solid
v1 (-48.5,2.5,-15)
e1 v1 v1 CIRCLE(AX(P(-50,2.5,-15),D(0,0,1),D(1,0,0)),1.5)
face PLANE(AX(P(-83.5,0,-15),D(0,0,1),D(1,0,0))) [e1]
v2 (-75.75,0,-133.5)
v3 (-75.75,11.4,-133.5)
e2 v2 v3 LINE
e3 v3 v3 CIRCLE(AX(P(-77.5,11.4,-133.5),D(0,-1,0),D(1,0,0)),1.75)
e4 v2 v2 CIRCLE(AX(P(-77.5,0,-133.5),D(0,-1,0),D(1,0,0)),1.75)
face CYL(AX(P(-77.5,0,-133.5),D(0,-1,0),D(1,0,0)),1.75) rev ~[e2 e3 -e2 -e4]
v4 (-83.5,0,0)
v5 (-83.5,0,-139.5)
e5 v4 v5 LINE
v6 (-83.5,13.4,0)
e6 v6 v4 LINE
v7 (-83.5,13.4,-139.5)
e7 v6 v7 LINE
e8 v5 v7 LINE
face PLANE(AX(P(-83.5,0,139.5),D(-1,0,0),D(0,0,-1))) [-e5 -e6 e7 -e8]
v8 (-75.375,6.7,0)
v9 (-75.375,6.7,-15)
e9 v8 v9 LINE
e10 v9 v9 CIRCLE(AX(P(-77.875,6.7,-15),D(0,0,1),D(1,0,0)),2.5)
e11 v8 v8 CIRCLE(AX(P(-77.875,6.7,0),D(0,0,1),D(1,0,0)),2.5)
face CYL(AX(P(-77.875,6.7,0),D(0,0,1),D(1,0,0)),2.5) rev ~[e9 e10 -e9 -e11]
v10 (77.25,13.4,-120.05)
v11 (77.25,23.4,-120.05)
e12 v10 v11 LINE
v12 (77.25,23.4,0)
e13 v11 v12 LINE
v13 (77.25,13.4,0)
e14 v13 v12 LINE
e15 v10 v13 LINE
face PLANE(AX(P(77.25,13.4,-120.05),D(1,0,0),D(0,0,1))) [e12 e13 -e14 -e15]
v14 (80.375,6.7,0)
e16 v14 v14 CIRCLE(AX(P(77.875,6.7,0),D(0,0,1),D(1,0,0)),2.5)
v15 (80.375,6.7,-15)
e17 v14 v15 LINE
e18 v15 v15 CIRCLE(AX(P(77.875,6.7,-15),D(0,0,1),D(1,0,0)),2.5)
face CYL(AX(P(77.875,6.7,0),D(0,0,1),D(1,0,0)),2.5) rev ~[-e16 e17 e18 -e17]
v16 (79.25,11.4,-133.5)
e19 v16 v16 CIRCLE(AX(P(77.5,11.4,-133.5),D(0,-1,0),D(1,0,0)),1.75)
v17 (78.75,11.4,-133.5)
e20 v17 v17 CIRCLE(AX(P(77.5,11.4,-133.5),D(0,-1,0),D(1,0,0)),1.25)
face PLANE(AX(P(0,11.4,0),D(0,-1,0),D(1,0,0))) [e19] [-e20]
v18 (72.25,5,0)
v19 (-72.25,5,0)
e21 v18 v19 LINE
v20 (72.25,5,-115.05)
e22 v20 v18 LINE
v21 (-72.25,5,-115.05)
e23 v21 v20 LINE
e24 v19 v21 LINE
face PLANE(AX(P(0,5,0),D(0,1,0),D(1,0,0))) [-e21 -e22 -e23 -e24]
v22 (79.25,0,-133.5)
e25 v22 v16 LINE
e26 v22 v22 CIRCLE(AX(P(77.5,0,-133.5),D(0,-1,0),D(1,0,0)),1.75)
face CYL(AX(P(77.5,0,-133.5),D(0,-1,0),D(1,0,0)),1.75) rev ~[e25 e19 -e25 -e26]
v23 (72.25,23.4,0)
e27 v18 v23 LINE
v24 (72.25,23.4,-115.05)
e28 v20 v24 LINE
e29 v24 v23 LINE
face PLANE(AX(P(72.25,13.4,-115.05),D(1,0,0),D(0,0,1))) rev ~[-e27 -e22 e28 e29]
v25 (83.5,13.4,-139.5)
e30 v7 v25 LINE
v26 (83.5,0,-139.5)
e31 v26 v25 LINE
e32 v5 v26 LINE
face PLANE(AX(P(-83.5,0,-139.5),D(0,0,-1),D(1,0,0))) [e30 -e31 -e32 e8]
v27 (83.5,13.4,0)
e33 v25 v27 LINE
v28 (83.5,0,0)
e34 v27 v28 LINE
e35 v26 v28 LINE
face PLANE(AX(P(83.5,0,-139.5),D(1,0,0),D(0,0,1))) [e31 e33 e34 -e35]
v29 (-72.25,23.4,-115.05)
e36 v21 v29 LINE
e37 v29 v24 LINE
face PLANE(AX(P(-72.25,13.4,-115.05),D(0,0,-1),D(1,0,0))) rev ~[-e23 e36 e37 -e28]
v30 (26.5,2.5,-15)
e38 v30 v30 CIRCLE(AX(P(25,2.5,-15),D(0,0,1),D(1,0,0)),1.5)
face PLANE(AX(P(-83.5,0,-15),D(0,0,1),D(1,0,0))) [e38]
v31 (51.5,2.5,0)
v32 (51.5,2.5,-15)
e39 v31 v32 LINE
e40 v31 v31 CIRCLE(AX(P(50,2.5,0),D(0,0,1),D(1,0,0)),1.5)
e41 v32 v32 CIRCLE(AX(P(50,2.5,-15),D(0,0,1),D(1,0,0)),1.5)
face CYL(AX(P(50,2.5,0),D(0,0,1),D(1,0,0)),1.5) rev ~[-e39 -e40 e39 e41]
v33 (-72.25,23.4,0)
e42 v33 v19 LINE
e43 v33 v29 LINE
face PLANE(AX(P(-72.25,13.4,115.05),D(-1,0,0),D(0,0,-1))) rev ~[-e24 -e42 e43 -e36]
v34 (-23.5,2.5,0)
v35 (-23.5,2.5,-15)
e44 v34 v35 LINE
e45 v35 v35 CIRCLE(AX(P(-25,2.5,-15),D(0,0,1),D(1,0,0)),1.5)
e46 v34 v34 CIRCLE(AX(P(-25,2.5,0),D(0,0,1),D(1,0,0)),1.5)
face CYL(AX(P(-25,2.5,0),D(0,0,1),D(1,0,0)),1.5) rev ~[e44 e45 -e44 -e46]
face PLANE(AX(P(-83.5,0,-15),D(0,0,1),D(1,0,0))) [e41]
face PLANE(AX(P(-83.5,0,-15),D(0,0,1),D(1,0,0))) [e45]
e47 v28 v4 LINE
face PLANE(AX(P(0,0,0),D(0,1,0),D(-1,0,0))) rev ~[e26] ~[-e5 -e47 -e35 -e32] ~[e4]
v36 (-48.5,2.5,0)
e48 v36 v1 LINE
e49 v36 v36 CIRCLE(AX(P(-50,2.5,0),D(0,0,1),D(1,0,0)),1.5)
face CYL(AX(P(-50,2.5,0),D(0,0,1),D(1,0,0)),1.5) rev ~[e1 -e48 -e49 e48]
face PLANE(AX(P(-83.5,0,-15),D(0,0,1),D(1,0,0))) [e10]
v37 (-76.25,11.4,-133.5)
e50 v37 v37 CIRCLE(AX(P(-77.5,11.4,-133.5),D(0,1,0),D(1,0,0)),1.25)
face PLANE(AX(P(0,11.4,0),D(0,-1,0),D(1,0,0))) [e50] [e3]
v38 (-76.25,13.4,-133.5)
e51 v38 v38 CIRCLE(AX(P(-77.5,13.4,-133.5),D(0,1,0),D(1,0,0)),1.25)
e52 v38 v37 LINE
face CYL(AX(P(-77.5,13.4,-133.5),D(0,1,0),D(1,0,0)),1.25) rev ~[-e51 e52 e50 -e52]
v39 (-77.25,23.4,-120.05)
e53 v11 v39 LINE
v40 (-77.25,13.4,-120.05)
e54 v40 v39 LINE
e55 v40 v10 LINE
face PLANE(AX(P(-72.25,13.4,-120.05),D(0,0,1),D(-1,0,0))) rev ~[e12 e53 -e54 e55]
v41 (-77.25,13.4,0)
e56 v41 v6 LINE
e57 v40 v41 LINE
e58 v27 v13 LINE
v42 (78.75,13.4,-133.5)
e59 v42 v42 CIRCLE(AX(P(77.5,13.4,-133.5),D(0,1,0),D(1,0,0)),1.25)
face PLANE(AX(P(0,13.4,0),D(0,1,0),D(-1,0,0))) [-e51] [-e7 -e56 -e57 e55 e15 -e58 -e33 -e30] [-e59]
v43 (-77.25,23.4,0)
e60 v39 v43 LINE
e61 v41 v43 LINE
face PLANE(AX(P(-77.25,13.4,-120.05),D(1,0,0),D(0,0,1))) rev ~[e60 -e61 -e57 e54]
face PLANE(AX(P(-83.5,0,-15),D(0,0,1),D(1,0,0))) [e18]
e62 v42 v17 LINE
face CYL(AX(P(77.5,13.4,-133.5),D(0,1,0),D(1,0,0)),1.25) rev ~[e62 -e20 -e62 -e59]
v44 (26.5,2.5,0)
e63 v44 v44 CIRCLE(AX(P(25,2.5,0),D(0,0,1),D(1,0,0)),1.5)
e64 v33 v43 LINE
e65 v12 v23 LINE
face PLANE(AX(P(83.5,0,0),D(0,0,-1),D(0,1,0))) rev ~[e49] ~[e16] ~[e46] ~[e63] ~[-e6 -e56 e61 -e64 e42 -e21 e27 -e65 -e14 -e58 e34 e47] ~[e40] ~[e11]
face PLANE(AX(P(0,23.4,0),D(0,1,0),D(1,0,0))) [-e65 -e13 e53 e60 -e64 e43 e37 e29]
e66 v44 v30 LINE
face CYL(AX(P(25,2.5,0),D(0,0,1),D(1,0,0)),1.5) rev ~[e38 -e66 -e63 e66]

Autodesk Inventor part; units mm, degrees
ref_plane "YZ Plane" through (0, 0, 0) normal (1, 0, 0) x (0, 1, 0)
ref_plane "XZ Plane" through (0, 0, 0) normal (0, 1, 0) x (-1, 0, 0)
sketch "Sketch1" plane through (0, 0, 0) normal (0, 1, 0) x (-1, 0, 0)
  line L0 (-83.5, 139.5) -> (83.5, 139.5)
  line L1 (83.5, 139.5) -> (83.5, -139.5)
  line L2 (83.5, -139.5) -> (-83.5, -139.5)
  line L3 (-83.5, -139.5) -> (-83.5, 139.5)
  line L4 (-83.5, 139.5) -> (83.5, -139.5) construction
  line L5 (83.5, 139.5) -> (-83.5, -139.5) construction
  point P0 (0, 0)
  dimension "d0" = 167
  dimension "d1" = 279
extrude "Extrusion1" add sketch "Sketch1" along normal blind 13.4
sketch "Sketch2" plane through (0, 13.4, 0) normal (0, 1, 0) x (1, 0, 0)
  line L0 (72.25, -115.05) -> (-72.25, -115.05)
  line L1 (-72.25, -115.05) -> (-72.25, 115.05)
  line L2 (-72.25, 115.05) -> (72.25, 115.05)
  line L3 (72.25, 115.05) -> (72.25, -115.05)
  line L4 (72.25, -115.05) -> (-72.25, 115.05) construction
  line L5 (-72.25, -115.05) -> (72.25, 115.05) construction
  point P0 (0, 0)
  dimension "d4" = 144.5
  dimension "d5" = 230.1
extrude "Extrusion2" cut sketch "Sketch2" against normal blind 8.4
sketch "Sketch4" plane through (0, 13.4, 0) normal (0, 1, 0) x (1, 0, 0)
  circle A0 centre (-77.5, -133.5) radius 1.25
  line L0 (-83.5, 139.5) -> (-83.5, -139.5) projected
  line L1 (-83.5, -139.5) -> (83.5, -139.5) projected
  circle A1 centre (-77.5, 133.5) radius 1.25
  line L2 (83.5, 139.5) -> (-83.5, 139.5) projected
  circle A2 centre (77.5, 133.5) radius 1.25
  line L3 (83.5, -139.5) -> (83.5, 139.5) projected
  circle A3 centre (77.5, -133.5) radius 1.25
  point P0 (0, 0)
  dimension "d16" = 2.5
  dimension "d17" = 6
  dimension "d18" = 6
  dimension "d19" = 2.5
  dimension "d20" = 6
  dimension "d21" = 6
  dimension "d22" = 2.5
  dimension "d23" = 6
  dimension "d24" = 6
  dimension "d25" = 2.5
  dimension "d26" = 6
  dimension "d27" = 6
extrude "Extrusion4" cut sketch "Sketch4" against normal through all contours A0 | A1 | A2 | A3
sketch "Sketch5" plane through (0, 13.4, 0) normal (0, 1, 0) x (1, 0, 0)
  line L0 (-72.25, -115.05) -> (-72.25, 115.05) projected
  line L1 (72.25, -115.05) -> (-72.25, -115.05) projected
  line L2 (-77.25, -120.05) -> (-72.25, -120.05)
  line L3 (-72.25, -120.05) -> (-72.25, 120.05)
  line L4 (-72.25, 120.05) -> (-77.25, 120.05)
  line L5 (-77.25, 120.05) -> (-77.25, -120.05)
  line L6 (72.25, 115.05) -> (72.25, -115.05) projected
  line L7 (77.25, -120.05) -> (72.25, -120.05)
  line L8 (72.25, -120.05) -> (72.25, 120.05)
  line L9 (72.25, 120.05) -> (77.25, 120.05)
  line L10 (77.25, 120.05) -> (77.25, -120.05)
  line L11 (-72.25, 115.05) -> (72.25, 115.05) projected
  line L12 (72.25, 120.05) -> (-72.25, 120.05)
  line L13 (-72.25, 120.05) -> (-72.25, 115.05)
  line L14 (-72.25, 115.05) -> (72.25, 115.05)
  line L15 (72.25, 115.05) -> (72.25, 120.05)
  line L16 (-72.25, -115.05) -> (72.25, -115.05)
  line L17 (72.25, -115.05) -> (72.25, -120.05)
  line L18 (72.25, -120.05) -> (-72.25, -120.05)
  line L19 (-72.25, -120.05) -> (-72.25, -115.05)
  point P0 (0, 0)
  dimension "d30" = 5
  dimension "d31" = 5
  dimension "d32" = 240.1
  dimension "d33" = 5
  dimension "d34" = 5
  dimension "d35" = 240.1
extrude "Extrusion5" add sketch "Sketch5" along normal blind 10 contours L3 L2 L5 L4 L0 | L1 L8 L18 L3 | L3 L12 L8 L11 | L6 L8 L9 L10 L7
sketch "Sketch7" plane through (0, 0, 0) normal (0, -1, 0) x (1, 0, 0)
  circle A0 centre (-77.5, -133.5) radius 1.25 projected
  circle A1 centre (-77.5, -133.5) radius 1.75
  circle A2 centre (-77.5, 133.5) radius 1.25 projected
  circle A3 centre (-77.5, 133.5) radius 1.75
  circle A4 centre (77.5, 133.5) radius 1.25 projected
  circle A5 centre (77.5, 133.5) radius 1.75
  circle A6 centre (77.5, -133.5) radius 1.25 projected
  circle A7 centre (77.5, -133.5) radius 1.75
  point P0 (0, 0)
  dimension "d42" = 3.5
  dimension "d43" = 3.5
  dimension "d44" = 3.5
  dimension "d45" = 3.5
extrude "Extrusion6" cut sketch "Sketch7" against normal blind 11.4 contours A0 | A1 | A2 | A3 | A4 | A5 | A7
sketch "Sketch8" plane through (83.5, 0, 139.5) normal (1, 0, 0) x (0, 0, -1)
  line L0 (139.5, 0) -> (139.5, 13.4)
  line L1 (0, 13.4) -> (279, 13.4) projected
sketch "Sketch9" plane through (0, 13.4, 0) normal (0, 1, 0) x (1, 0, 0)
  line L0 (83.5, -139.5) -> (83.5, 139.5) projected
  line L1 (83.5, 0) -> (77.25, 0)
  line L2 (77.25, 120.05) -> (77.25, -120.05) projected
  point P0 (0, 0)
sketch "Sketch10" plane through (77.25, 13.4, 120.05) normal (1, 0, 0) x (0, 0, -1)
  line L0 (-19.45, 0) -> (259.55, 0) projected
  line L1 (120.05, 0) -> (120.05, 10)
  line L2 (0, 10) -> (240.1, 10) projected
  point P0 (120.05, -13.4)
split_face "Split1"
split_face "Split2"
split_face "Split3"
ref_plane "Work Plane1" through (83.5, 0, -139.5) normal (1, 0, 0) x (0, 0, -1)
sketch "Sketch11" plane through (83.5, 0, -139.5) normal (1, 0, 0) x (0, 0, -1)
  line L0 (0, 0) -> (0, 13.4) projected
  line L1 (-139.5, 5) -> (-139.5, 23.4) projected
  line L2 (0, 0) -> (-139.5, 0)
  line L3 (-139.5, 0) -> (-139.5, 23.4)
  line L4 (-139.5, 23.4) -> (0, 23.4)
  line L5 (0, 23.4) -> (0, 0)
  line L6 (-279, 0) -> (-139.5, 0) projected
  line L7 (-259.55, 23.4) -> (-139.5, 23.4) projected
  line L8 (-279, 0) -> (-139.5, 0)
  line L9 (-139.5, 0) -> (-139.5, 23.4)
  line L10 (-139.5, 23.4) -> (-279, 23.4)
  line L11 (-279, 23.4) -> (-279, 0)
extrude "Extrusion7" cut sketch "Sketch11" against normal blind 167.1625 contours L6 L11 L10 L7 L1 L3
sketch "Sketch12" plane through (-83.5, 0, 0) normal (0, 0, 1) x (1, 0, 0)
  line L0 (0, 0) -> (0, 13.4) projected
  line L1 (11.25, 5) -> (11.25, 23.4) projected
  circle A0 centre (5.625, 6.7) radius 2.5
  line L2 (167, 0) -> (167, 13.4) projected
  circle A1 centre (161.375, 6.7) radius 2.5
  line L3 (11.25, 5) -> (155.75, 5) projected
  circle A2 centre (58.5, 2.5) radius 1.5
  circle A3 centre (33.5, 2.5) radius 1.5
  circle A4 centre (108.5, 2.5) radius 1.5
  circle A5 centre (133.5, 2.5) radius 1.5
  point P0 (83.5, 0)
  dimension "d51" = 5
  dimension "d53" = 5
  dimension "d55" = 3
  dimension "d57" = 3
  dimension "d59" = 3
  dimension "d61" = 3
extrude "Extrusion8" cut sketch "Sketch12" against normal blind 15
properties part number "Enclosure 2 Bottom" material "ABS Plastic"
